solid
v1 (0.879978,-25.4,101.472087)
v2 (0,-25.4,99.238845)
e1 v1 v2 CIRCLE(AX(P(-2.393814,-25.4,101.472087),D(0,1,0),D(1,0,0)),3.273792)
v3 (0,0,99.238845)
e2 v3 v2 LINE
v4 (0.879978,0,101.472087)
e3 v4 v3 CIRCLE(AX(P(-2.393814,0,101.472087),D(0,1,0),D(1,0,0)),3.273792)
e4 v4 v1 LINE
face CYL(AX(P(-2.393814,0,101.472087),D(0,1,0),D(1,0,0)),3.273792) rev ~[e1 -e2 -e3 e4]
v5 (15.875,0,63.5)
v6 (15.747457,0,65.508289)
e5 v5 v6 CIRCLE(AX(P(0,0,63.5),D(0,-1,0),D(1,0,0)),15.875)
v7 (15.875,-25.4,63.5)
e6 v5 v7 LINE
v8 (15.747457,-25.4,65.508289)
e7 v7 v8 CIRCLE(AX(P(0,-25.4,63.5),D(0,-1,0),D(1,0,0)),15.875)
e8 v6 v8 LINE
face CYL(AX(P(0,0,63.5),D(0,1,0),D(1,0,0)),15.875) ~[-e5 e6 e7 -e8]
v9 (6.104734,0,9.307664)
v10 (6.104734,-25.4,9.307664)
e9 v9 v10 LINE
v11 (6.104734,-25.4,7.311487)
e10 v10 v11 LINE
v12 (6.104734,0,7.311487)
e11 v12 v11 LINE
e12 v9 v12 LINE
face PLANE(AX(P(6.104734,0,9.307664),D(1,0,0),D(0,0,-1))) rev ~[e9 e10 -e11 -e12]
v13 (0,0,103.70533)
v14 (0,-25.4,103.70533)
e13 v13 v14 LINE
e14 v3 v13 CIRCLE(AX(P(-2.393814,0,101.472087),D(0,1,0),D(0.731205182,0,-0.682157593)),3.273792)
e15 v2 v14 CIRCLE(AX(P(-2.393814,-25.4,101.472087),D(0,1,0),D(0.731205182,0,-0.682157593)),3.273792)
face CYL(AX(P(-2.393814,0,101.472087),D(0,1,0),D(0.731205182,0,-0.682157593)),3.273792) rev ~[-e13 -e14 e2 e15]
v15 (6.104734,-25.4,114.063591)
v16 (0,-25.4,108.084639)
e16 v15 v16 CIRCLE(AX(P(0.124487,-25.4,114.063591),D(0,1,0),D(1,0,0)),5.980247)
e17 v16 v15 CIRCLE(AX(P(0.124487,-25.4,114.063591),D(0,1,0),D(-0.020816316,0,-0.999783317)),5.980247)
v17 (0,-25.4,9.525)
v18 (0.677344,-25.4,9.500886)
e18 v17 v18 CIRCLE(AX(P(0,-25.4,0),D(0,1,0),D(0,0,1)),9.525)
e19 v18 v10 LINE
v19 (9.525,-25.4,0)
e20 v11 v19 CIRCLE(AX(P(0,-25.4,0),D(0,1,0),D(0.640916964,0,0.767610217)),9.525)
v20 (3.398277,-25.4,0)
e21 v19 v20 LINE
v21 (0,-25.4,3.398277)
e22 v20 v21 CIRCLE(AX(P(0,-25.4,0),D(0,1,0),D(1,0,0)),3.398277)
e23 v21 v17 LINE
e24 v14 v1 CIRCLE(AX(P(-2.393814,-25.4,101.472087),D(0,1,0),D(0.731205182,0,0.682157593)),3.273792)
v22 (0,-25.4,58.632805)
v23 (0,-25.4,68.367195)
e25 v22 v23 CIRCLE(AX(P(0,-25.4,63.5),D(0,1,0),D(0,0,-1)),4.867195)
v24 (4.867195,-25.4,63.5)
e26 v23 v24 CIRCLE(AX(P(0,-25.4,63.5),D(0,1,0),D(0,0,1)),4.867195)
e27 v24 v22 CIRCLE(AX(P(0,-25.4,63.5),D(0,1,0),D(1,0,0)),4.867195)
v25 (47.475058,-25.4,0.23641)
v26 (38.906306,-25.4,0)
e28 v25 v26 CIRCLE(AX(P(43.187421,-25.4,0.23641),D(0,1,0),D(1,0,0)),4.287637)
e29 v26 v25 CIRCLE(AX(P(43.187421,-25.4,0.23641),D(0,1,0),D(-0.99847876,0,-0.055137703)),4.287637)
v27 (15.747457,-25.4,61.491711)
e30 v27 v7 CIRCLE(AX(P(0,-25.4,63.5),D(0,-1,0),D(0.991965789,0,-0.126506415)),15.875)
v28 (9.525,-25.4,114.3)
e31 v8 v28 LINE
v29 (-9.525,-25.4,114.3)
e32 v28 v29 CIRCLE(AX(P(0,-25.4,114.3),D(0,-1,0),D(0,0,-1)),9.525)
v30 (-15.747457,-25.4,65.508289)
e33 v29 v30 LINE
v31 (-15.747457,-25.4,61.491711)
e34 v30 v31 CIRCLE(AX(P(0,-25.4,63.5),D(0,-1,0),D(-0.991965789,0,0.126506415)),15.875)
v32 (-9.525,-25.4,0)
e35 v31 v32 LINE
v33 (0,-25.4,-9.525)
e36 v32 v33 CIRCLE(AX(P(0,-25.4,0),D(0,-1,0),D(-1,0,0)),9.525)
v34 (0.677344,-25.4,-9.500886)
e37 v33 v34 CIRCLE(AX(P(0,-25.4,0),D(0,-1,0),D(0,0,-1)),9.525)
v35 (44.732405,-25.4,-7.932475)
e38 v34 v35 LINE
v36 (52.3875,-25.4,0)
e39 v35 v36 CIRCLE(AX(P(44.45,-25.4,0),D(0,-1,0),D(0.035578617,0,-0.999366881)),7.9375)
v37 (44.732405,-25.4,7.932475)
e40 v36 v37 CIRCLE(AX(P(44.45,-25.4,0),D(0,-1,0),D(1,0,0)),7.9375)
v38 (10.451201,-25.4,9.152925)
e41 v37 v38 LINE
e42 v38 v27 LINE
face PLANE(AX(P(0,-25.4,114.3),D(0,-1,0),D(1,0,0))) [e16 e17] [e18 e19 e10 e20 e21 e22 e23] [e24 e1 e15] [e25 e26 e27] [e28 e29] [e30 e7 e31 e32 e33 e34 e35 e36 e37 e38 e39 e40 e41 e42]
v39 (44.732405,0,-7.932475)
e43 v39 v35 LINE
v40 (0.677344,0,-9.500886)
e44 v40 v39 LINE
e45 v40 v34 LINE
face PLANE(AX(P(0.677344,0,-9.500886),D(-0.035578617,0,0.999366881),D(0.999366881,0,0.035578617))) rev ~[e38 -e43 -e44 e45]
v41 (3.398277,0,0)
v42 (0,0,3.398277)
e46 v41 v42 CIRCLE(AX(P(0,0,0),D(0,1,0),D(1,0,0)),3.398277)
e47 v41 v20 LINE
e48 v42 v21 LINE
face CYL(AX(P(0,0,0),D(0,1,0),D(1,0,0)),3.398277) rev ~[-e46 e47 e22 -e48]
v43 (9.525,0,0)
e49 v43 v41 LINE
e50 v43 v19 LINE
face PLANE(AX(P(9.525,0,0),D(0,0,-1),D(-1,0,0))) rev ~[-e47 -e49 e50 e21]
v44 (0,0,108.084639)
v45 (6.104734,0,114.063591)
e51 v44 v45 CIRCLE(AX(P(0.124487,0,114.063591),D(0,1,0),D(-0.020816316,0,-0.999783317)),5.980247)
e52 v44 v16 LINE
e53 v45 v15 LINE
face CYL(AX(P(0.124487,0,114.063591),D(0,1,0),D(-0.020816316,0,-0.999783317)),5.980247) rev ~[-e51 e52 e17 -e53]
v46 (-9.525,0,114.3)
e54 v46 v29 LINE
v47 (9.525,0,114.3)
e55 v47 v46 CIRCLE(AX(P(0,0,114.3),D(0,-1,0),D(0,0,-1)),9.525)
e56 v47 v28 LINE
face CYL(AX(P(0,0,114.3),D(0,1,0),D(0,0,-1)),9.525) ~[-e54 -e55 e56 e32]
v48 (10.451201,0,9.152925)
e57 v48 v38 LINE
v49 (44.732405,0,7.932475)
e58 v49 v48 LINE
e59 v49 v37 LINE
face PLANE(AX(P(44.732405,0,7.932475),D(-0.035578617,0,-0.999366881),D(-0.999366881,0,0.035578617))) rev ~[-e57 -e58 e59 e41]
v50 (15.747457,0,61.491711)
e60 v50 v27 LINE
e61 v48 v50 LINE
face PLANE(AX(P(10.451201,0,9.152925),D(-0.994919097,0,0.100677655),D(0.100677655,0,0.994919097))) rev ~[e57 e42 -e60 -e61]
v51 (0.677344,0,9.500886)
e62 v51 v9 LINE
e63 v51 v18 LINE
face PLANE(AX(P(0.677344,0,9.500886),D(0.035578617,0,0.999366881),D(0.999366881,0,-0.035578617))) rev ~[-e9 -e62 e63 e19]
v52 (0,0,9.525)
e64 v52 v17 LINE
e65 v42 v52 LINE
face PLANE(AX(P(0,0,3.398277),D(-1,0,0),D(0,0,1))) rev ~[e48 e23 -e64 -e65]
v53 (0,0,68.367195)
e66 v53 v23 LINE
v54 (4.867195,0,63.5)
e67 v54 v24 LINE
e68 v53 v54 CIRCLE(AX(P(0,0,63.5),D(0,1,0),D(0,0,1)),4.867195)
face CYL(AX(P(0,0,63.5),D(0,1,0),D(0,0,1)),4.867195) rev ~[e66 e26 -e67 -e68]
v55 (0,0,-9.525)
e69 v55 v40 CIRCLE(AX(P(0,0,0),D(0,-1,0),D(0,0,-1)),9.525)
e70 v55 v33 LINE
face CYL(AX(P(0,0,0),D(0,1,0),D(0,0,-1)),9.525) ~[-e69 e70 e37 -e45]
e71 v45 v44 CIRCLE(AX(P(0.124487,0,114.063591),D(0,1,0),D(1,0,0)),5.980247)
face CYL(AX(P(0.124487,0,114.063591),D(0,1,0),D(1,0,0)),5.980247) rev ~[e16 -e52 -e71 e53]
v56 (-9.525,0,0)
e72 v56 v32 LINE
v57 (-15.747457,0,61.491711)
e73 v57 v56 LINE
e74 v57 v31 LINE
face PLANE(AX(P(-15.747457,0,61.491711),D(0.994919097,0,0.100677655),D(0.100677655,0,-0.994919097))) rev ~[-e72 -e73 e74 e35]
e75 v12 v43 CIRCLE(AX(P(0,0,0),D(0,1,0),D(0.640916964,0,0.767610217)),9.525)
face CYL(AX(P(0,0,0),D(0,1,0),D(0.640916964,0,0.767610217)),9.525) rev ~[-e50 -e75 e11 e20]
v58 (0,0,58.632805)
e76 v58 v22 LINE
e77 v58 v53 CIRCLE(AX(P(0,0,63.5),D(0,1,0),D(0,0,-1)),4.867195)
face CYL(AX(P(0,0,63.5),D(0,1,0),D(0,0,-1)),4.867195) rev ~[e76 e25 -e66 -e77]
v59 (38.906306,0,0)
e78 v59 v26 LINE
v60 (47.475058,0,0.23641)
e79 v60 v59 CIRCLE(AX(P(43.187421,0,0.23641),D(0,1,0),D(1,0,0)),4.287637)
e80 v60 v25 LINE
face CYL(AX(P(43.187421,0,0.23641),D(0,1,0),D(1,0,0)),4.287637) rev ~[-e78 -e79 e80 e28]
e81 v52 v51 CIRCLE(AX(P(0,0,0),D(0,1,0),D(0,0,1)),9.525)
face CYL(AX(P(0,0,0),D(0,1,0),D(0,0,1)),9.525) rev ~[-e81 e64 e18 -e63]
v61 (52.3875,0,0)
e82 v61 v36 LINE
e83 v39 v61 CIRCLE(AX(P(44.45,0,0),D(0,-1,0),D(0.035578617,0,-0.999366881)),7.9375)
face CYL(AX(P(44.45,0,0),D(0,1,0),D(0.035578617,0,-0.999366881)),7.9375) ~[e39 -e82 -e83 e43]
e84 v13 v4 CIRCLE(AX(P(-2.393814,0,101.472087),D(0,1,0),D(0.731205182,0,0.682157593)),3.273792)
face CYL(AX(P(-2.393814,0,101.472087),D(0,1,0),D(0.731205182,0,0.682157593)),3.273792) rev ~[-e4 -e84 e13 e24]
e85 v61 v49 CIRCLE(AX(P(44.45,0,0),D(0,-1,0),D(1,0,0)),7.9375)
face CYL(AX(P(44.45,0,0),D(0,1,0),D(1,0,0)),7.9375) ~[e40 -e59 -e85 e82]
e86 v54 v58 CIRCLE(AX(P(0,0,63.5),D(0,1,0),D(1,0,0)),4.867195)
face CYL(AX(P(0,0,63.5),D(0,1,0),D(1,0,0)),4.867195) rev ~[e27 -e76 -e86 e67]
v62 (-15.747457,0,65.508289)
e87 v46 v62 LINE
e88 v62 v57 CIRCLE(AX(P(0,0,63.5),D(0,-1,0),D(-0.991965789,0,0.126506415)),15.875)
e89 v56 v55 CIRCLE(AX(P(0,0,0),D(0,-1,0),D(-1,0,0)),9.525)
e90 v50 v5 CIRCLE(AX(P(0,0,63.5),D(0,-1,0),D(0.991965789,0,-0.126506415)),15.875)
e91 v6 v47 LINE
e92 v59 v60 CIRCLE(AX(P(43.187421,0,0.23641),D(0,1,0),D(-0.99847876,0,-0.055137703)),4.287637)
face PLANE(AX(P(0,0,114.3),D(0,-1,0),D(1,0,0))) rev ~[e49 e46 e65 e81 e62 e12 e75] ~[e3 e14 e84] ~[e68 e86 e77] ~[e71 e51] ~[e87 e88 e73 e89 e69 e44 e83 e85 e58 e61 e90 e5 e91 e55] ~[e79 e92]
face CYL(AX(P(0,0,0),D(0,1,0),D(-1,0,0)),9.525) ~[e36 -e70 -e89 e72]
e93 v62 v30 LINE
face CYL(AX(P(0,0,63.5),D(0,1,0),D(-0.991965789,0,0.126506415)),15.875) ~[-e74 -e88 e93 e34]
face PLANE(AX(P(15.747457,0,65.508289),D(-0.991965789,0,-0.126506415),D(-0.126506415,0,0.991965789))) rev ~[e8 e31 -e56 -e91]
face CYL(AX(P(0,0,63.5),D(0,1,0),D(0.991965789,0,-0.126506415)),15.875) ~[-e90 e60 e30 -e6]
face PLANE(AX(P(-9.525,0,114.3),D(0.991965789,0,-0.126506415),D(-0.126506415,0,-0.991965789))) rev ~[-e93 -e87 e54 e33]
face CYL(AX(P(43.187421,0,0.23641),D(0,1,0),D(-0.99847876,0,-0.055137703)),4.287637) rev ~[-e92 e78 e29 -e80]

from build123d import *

# Parameters (mm, degrees)
F1_DEPTH = 25.4


with BuildPart() as f1:
    # F0 (on Front) → F1 (new body)
    with BuildSketch(Plane.XZ):
        with BuildLine():
            ThreePointArc((-9.525, 114.3), (-6.7351920908, 107.5648079092), (0, 104.775))
            ThreePointArc((0, 104.775), (6.7351920908, 107.5648079092), (9.525, 114.3))
            ThreePointArc((9.525, 114.3), (0, 123.825), (-9.525, 114.3))
        make_face()
        with BuildLine():
            ThreePointArc((6.104734078, 114.063590765), (4.3089160173, 109.7911312939), (0, 108.084639221))
            ThreePointArc((0, 108.084639221), (-4.0599425849, 118.3360502361), (6.104734078, 114.063590765))
        make_face(mode=Mode.SUBTRACT)
        with BuildLine():
            ThreePointArc((9.525, 114.3), (6.7351920908, 107.5648079092), (0, 104.775))
            Line((0, 104.775), (0, 103.7053296111))
            ThreePointArc((0, 103.7053296111), (0.6520493641, 102.6722677878), (0.8799784566, 101.4720872045))
            ThreePointArc((0.8799784566, 101.4720872045), (0.6520493641, 100.2719066211), (0, 99.2388447978))
            Line((0, 99.2388447978), (0, 79.375))
            ThreePointArc((0, 79.375), (10.4912828548, 75.4142187767), (15.7474569047, 65.5082893304))
            Line((15.7474569047, 65.5082893304), (9.525, 114.3))
        make_face()
        with BuildLine():
            Line((0, 103.7053296111), (0, 104.775))
            ThreePointArc((0, 104.775), (-6.7351920908, 107.5648079092), (-9.525, 114.3))
            Line((-9.525, 114.3), (-15.7474569047, 65.5082893304))
            ThreePointArc((-15.7474569047, 65.5082893304), (-10.4912828548, 75.4142187767), (0, 79.375))
            Line((0, 79.375), (0, 99.2388447978))
            ThreePointArc((0, 99.2388447978), (-5.6676065299, 101.4720872045), (0, 103.7053296111))
        make_face()
        with BuildLine():
            ThreePointArc((0, 79.375), (-10.4912828548, 75.4142187767), (-15.7474569047, 65.5082893304))
            ThreePointArc((-15.7474569047, 65.5082893304), (-15.875, 63.5), (-15.7474569047, 61.4917106696))
            ThreePointArc((-15.7474569047, 61.4917106696), (-10.4912828548, 51.5857812233), (0, 47.625))
            Line((0, 47.625), (0, 58.6328048089))
            ThreePointArc((0, 58.6328048089), (-4.8671951911, 63.5), (0, 68.3671951911))
            Line((0, 68.3671951911), (0, 79.375))
        make_face()
        with BuildLine():
            ThreePointArc((15.875, 63.5), (15.8430821396, 64.5061676396), (15.7474569047, 65.5082893304))
            ThreePointArc((15.7474569047, 65.5082893304), (10.4912828548, 75.4142187767), (0, 79.375))
            Line((0, 79.375), (0, 68.3671951911))
            ThreePointArc((0, 68.3671951911), (3.441626725, 66.941626725), (4.8671951911, 63.5))
            ThreePointArc((4.8671951911, 63.5), (3.441626725, 60.058373275), (0, 58.6328048089))
            Line((0, 58.6328048089), (0, 47.625))
            ThreePointArc((0, 47.625), (10.4912828548, 51.5857812233), (15.7474569047, 61.4917106696))
            ThreePointArc((15.7474569047, 61.4917106696), (15.8430821396, 62.4938323604), (15.875, 63.5))
        make_face()
        with BuildLine():
            ThreePointArc((0, 47.625), (-10.4912828548, 51.5857812233), (-15.7474569047, 61.4917106696))
            Line((-15.7474569047, 61.4917106696), (-9.525, 0))
            ThreePointArc((-9.525, 0), (-6.7351920908, 6.7351920908), (0, 9.525))
            Line((0, 9.525), (0, 47.625))
        make_face()
        with BuildLine():
            ThreePointArc((15.7474569047, 61.4917106696), (10.4912828548, 51.5857812233), (0, 47.625))
            Line((0, 47.625), (0, 9.525))
            ThreePointArc((0, 9.525), (0.3388863295, 9.5189695375), (0.6773435479, 9.500885786))
            Line((0.6773435479, 9.500885786), (6.104734078, 9.3076644033))
            Line((6.104734078, 9.3076644033), (10.451200974, 9.1529251528))
            Line((10.451200974, 9.1529251528), (15.7474569047, 61.4917106696))
        make_face()
        with BuildLine():
            ThreePointArc((0, 9.525), (-6.7351920908, 6.7351920908), (-9.525, 0))
            ThreePointArc((-9.525, 0), (-6.7351920908, -6.7351920908), (0, -9.525))
            Line((0, -9.525), (0.6773435479, -9.500885786))
            ThreePointArc((0.6773435479, -9.500885786), (6.9705567315, -6.4912990883), (9.525, 0))
            Line((9.525, 0), (3.3982770983, 0))
            ThreePointArc((3.3982770983, 0), (-2.4029447806, -2.4029447806), (0, 3.3982770983))
            Line((0, 3.3982770983), (0, 9.525))
        make_face()
        with BuildLine():
            Line((0.6773435479, -9.500885786), (0, -9.525))
            ThreePointArc((0, -9.525), (0.3388863295, -9.5189695375), (0.6773435479, -9.500885786))
        make_face()
        with BuildLine():
            Line((9.525, 0), (10.451200974, 9.1529251528))
            Line((10.451200974, 9.1529251528), (6.104734078, 9.3076644033))
            Line((6.104734078, 9.3076644033), (6.104734078, 7.3114873204))
            ThreePointArc((6.104734078, 7.3114873204), (8.627665301, 4.0359653682), (9.525, 0))
        make_face()
        with BuildLine():
            Line((44.7324052746, 7.9324746146), (10.451200974, 9.1529251528))
            Line((10.451200974, 9.1529251528), (9.525, 0))
            Line((9.525, 0), (36.5125, 0))
            ThreePointArc((36.5125, 0), (38.9380895153, 5.7116327839), (44.7324052746, 7.9324746146))
        make_face()
        with BuildLine():
            ThreePointArc((9.525, 0), (6.9705567315, -6.4912990883), (0.6773435479, -9.500885786))
            Line((0.6773435479, -9.500885786), (44.7324052746, -7.9324746146))
            ThreePointArc((44.7324052746, -7.9324746146), (38.9380895153, -5.7116327839), (36.5125, 0))
            Line((36.5125, 0), (9.525, 0))
        make_face()
        with BuildLine():
            ThreePointArc((52.3875, 0), (50.1616327839, 5.5119104847), (44.7324052746, 7.9324746146))
            ThreePointArc((44.7324052746, 7.9324746146), (38.9380895153, 5.7116327839), (36.5125, 0))
            ThreePointArc((36.5125, 0), (38.9380895153, -5.7116327839), (44.7324052746, -7.9324746146))
            ThreePointArc((44.7324052746, -7.9324746146), (50.1616327839, -5.5119104847), (52.3875, 0))
        make_face()
        with BuildLine():
            ThreePointArc((47.4750581285, 0.236410473), (43.305671032, -4.0495958985), (38.9063060284, 0))
            ThreePointArc((38.9063060284, 0), (43.0691705984, 4.5224168445), (47.4750581285, 0.236410473))
        make_face(mode=Mode.SUBTRACT)
    extrude(amount=F1_DEPTH)


solid = f1.part
